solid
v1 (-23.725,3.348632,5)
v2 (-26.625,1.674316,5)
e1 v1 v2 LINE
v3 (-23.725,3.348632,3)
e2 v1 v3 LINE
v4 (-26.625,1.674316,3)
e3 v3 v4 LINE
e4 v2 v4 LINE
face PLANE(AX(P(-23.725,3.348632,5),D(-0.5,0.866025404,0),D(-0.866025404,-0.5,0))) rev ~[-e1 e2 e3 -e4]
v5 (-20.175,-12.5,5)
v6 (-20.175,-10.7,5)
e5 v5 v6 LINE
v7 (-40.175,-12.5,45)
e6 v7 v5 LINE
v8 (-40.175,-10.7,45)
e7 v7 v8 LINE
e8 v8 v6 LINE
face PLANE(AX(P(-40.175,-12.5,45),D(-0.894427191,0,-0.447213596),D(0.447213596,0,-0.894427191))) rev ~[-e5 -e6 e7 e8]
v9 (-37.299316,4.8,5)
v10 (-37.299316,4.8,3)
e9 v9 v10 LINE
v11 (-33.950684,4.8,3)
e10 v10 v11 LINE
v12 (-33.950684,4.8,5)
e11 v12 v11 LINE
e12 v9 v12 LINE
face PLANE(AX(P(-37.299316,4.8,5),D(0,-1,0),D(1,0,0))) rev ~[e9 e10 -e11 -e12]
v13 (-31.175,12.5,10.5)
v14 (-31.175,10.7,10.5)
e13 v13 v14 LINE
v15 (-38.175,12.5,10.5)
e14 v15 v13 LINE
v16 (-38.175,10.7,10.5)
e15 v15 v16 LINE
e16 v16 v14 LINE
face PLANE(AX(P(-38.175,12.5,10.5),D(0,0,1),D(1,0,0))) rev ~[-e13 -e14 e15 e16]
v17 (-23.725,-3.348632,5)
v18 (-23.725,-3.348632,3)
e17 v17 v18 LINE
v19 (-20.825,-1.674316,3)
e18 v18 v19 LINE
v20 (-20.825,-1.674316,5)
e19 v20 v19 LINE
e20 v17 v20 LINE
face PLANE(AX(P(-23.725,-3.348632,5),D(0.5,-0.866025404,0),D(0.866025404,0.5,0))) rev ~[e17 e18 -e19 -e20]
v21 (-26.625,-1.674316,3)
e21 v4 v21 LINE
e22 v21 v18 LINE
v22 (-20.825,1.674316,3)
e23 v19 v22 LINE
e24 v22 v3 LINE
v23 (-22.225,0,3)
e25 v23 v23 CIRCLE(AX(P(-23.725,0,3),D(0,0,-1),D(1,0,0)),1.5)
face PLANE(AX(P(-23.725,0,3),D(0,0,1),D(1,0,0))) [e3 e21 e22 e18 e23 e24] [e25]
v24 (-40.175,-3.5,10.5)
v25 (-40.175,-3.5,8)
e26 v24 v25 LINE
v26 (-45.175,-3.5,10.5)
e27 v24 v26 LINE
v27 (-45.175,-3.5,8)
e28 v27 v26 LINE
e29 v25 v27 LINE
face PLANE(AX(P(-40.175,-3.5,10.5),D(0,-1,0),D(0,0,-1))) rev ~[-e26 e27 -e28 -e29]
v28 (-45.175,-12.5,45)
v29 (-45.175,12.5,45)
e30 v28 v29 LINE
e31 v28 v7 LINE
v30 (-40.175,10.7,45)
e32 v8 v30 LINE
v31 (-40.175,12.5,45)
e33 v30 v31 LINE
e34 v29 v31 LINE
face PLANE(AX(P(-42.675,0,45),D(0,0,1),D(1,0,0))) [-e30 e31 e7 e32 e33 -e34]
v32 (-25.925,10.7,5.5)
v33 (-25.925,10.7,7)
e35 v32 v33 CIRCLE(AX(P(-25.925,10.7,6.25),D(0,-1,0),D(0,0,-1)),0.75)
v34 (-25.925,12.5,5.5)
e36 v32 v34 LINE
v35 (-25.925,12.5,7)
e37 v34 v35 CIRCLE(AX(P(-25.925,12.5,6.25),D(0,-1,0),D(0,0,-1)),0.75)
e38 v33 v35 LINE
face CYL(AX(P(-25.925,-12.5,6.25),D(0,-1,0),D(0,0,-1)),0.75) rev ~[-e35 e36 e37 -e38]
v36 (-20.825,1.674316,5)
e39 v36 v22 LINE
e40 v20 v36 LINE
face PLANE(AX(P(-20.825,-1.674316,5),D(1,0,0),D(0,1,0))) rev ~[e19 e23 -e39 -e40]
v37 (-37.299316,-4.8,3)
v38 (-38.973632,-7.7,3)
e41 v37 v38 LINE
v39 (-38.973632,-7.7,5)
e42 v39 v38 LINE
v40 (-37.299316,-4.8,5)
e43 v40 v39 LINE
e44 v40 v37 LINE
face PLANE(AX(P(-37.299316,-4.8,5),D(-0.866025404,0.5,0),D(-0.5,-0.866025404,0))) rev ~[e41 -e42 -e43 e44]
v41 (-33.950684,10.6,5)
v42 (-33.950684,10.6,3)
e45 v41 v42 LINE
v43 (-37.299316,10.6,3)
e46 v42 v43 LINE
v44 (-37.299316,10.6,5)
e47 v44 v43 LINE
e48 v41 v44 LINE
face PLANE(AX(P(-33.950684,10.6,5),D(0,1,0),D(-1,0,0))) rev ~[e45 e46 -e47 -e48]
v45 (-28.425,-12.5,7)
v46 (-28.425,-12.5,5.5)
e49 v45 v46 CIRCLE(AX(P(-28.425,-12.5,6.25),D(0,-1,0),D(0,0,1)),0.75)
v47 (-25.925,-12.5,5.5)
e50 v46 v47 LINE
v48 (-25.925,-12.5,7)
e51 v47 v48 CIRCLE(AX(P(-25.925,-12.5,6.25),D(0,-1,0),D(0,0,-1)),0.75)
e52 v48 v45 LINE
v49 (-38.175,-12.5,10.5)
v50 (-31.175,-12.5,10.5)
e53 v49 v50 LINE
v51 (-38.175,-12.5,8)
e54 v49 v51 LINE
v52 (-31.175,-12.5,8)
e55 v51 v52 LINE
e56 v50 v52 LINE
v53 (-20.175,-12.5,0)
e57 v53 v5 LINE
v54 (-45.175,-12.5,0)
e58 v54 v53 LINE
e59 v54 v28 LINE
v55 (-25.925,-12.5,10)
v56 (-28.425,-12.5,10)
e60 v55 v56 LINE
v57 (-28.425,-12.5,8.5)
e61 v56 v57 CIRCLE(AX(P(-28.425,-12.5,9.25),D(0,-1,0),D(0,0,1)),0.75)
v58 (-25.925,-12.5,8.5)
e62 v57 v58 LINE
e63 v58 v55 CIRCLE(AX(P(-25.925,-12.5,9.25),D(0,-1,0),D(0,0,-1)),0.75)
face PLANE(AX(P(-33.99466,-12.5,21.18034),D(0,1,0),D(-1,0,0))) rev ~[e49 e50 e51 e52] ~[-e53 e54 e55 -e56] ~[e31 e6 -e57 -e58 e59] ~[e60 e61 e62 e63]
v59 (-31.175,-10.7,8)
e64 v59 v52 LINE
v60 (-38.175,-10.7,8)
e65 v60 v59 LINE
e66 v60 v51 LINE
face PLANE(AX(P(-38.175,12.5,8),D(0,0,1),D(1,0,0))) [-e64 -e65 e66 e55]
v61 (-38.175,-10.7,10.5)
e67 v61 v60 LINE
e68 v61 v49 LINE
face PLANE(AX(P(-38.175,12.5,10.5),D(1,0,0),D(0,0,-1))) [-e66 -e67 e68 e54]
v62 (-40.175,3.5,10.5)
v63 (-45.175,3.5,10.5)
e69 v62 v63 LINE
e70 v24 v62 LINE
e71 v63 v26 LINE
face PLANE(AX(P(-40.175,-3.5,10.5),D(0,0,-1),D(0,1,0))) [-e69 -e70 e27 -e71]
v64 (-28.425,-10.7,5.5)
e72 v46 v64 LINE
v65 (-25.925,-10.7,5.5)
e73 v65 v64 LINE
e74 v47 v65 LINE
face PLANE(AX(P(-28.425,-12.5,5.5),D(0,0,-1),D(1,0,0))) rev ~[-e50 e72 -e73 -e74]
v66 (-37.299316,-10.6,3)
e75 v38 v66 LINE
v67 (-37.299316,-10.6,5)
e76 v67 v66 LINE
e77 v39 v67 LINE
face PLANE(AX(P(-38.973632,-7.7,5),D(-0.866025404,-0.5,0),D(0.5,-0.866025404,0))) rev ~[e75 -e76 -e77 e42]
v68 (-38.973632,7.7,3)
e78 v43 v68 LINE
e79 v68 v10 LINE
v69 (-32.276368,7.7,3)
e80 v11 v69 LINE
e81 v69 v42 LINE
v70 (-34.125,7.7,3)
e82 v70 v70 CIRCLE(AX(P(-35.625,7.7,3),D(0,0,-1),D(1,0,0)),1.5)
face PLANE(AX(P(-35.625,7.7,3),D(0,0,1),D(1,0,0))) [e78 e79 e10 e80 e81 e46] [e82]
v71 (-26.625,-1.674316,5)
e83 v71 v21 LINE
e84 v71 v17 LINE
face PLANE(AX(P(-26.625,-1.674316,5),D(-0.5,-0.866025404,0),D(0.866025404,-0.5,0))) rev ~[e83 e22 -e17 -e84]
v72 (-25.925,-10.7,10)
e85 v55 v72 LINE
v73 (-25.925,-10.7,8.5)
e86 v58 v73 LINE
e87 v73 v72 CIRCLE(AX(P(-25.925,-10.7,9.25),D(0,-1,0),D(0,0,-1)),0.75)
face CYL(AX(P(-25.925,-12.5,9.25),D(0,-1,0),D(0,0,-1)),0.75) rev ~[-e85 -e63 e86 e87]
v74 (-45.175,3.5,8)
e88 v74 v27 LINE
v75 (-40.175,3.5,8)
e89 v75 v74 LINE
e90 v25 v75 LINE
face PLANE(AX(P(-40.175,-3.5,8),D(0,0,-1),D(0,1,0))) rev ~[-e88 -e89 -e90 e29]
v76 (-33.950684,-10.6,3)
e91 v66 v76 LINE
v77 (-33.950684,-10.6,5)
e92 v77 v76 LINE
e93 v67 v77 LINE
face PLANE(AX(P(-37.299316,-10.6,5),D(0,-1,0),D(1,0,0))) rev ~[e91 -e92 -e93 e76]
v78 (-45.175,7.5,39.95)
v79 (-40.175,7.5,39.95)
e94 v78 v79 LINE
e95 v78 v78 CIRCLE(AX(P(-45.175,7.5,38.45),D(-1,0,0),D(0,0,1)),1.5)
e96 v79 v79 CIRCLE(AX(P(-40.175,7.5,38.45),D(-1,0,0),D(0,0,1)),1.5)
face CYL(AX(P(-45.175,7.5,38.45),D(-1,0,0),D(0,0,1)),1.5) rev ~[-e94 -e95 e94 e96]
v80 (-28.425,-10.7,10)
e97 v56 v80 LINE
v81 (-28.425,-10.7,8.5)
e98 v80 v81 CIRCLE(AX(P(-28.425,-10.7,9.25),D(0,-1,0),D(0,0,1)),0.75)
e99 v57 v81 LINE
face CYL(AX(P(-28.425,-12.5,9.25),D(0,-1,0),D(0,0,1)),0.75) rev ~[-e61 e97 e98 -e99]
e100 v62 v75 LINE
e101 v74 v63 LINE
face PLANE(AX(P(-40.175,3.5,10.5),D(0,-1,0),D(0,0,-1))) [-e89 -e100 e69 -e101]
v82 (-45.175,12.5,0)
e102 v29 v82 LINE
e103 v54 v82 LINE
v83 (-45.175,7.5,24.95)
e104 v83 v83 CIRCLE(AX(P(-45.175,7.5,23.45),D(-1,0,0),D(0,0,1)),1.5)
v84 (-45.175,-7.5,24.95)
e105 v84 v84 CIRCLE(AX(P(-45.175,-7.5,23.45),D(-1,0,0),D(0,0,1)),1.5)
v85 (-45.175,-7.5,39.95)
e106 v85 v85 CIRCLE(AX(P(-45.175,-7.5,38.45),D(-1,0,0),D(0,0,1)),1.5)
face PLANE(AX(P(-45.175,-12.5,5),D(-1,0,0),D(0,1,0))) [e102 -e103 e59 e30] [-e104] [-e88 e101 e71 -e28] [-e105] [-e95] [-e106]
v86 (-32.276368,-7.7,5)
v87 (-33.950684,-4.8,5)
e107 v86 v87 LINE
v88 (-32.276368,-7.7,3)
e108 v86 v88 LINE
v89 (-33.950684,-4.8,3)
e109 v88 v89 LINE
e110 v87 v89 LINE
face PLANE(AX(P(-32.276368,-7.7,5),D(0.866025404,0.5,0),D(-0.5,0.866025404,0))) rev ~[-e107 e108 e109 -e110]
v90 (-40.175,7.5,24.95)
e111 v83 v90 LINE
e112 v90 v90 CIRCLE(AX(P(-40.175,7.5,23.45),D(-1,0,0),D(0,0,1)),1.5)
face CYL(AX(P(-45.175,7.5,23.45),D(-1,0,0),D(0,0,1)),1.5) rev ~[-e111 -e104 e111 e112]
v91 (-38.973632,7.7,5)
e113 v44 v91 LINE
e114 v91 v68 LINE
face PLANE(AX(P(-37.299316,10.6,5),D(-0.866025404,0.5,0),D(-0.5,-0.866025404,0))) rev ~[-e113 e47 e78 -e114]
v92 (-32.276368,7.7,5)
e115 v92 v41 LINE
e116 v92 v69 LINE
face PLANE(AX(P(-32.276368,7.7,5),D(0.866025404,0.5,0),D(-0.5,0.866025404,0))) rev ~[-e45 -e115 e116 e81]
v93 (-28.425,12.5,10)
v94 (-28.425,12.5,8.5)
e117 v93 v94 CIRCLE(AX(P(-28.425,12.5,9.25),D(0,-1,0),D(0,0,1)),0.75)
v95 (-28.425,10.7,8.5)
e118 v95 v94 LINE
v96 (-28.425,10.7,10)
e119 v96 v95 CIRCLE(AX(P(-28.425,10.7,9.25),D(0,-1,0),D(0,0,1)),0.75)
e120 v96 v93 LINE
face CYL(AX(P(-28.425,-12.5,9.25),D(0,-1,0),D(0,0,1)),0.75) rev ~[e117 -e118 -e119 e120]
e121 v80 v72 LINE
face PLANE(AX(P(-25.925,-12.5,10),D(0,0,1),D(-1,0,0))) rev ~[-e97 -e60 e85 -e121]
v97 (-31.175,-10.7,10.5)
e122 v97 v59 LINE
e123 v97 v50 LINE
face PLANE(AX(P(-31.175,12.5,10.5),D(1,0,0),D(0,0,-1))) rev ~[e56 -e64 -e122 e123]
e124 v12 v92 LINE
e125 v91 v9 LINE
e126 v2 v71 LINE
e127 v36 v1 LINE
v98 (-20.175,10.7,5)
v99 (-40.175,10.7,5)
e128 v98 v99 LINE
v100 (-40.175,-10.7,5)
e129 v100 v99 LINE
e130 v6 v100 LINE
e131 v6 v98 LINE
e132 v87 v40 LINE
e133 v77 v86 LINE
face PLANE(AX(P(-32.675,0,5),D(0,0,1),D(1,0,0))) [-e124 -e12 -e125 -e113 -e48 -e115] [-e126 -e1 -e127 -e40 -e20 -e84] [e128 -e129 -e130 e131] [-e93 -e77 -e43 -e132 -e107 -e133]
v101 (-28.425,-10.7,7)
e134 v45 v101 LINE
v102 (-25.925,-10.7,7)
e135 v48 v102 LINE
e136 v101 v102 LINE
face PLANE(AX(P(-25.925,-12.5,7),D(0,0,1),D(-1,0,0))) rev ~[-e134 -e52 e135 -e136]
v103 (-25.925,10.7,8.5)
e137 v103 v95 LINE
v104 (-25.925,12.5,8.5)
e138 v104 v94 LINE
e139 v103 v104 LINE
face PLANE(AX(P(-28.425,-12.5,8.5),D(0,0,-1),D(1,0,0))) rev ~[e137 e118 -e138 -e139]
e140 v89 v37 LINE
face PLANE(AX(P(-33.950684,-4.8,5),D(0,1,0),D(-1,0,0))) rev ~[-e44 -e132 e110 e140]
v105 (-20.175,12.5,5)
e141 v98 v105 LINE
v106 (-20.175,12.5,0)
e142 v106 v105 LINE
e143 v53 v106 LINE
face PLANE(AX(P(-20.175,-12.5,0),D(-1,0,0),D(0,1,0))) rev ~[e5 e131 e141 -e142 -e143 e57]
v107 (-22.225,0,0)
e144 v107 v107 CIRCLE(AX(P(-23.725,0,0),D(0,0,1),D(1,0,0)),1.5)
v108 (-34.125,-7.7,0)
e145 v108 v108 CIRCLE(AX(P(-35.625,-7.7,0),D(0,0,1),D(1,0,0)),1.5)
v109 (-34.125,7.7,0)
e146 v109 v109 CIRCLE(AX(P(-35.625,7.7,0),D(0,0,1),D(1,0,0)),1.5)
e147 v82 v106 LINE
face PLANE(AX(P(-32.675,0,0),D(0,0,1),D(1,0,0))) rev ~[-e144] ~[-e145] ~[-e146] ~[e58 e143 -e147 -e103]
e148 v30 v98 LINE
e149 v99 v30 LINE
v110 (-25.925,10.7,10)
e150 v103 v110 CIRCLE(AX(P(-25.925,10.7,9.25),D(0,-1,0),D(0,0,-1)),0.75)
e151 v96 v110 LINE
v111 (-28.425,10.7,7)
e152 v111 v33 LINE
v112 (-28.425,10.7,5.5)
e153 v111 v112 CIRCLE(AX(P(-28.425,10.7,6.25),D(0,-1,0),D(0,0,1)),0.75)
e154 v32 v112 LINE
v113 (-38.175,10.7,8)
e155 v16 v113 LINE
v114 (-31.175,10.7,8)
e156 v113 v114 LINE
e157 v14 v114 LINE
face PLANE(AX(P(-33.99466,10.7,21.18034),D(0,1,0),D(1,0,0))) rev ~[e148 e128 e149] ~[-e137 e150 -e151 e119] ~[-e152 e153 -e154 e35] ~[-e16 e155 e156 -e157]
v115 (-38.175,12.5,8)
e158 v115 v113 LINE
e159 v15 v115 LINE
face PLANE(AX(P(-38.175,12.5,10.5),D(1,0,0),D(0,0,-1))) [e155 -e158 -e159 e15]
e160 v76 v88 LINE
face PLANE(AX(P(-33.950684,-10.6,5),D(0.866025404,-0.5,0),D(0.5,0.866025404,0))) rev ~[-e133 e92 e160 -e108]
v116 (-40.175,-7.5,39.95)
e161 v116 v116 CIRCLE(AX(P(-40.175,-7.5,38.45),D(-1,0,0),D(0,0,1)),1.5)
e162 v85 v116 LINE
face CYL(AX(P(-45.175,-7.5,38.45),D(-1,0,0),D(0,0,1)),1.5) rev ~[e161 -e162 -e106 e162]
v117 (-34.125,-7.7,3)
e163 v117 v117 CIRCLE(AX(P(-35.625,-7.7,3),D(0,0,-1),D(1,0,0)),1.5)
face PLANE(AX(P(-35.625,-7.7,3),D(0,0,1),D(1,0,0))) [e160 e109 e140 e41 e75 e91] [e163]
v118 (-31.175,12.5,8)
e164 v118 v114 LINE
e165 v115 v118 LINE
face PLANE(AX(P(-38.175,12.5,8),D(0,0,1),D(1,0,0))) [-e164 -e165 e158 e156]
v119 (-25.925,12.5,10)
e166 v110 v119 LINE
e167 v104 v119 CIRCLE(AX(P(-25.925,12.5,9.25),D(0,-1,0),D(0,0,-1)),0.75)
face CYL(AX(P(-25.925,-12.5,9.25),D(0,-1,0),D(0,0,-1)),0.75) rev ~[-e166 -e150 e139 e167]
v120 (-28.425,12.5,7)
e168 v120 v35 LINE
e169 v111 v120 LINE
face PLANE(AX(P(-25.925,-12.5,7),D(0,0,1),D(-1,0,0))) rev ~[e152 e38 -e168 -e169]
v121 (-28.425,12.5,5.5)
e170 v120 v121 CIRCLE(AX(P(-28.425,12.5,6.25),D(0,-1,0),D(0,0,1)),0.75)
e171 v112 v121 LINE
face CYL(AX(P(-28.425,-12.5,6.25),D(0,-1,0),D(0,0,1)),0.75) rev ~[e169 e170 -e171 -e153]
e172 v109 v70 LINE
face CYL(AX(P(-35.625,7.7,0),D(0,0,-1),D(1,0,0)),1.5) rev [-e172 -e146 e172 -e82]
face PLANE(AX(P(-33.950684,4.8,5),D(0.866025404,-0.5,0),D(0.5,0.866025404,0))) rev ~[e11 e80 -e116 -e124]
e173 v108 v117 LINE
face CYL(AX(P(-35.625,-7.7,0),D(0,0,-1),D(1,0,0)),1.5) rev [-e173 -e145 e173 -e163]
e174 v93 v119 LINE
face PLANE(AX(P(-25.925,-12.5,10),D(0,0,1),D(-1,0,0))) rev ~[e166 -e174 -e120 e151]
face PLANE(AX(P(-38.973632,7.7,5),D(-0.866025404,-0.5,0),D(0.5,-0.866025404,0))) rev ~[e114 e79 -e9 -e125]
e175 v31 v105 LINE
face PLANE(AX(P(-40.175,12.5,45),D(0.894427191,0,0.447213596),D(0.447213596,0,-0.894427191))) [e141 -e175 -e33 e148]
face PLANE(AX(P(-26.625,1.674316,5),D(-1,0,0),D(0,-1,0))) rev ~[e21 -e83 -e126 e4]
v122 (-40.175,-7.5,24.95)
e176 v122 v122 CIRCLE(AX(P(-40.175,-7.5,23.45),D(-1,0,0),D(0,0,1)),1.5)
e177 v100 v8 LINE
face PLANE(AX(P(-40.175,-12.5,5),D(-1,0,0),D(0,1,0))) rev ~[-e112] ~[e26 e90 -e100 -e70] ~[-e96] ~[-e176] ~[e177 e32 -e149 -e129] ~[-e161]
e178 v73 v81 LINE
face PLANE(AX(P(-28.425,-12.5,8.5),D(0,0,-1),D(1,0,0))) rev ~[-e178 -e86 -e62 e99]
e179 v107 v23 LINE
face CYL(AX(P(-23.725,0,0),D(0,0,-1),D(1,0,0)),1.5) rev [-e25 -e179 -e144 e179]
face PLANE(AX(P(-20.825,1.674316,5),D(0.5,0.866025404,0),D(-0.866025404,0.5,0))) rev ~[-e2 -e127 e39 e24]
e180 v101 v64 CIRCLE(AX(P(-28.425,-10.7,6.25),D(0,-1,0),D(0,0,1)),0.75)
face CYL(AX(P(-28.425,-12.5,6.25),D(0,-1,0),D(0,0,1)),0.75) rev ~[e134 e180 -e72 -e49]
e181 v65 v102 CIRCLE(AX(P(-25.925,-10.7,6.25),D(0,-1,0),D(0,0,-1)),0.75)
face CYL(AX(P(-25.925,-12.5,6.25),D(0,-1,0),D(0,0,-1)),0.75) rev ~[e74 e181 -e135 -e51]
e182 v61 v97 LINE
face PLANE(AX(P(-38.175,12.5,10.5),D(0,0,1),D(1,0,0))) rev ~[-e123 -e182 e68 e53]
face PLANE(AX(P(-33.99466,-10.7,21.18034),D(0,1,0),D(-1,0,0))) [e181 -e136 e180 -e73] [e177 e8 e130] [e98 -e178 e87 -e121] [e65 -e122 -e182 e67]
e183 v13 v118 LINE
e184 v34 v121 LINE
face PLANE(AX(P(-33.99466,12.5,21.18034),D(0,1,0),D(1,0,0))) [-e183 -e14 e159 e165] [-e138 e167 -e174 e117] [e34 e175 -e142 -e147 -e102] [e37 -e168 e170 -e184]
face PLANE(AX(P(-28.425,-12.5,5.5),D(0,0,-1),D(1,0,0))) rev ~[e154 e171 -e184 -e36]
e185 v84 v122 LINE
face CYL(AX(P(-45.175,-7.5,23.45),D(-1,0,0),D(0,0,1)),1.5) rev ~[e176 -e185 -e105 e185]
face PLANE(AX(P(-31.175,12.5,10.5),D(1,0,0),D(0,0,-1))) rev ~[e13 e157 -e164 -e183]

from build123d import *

# Parameters (mm, degrees)
SKETCH1_W           = 25
SKETCH1_H           = 25
SKETCH1_R           = 1.5
BOSS_EXTRUDE1_DEPTH = 5
SKETCH2_W           = 5
SKETCH2_H           = 25
BOSS_EXTRUDE2_DEPTH = 40
CUT_EXTRUDE1_DEPTH  = 2
BOSS_EXTRUDE3_DEPTH = 1.8
BOSS_EXTRUDE4_DEPTH = 1.8
SKETCH6_W           = 7
SKETCH6_H           = 2.5
CUT_EXTRUDE2_DEPTH  = 26
SKETCH7_W           = 2.5
SKETCH7_H           = 7
CUT_EXTRUDE3_DEPTH  = 6
CUT_EXTRUDE4_DEPTH  = 26
SKETCH9_R           = 1.5
CUT_EXTRUDE5_DEPTH  = 26


with BuildPart() as part:
    # Sketch1 → Boss-Extrude1 (new body)
    with BuildSketch(Plane.XY):
        with Locations((-32.675, 0)):
            Rectangle(SKETCH1_W, SKETCH1_H)
        with Locations((-35.625, 7.7)):
            Circle(SKETCH1_R, mode=Mode.SUBTRACT)
        with Locations((-35.625, -7.7)):
            Circle(SKETCH1_R, mode=Mode.SUBTRACT)
        with Locations((-23.725, 0)):
            Circle(SKETCH1_R, mode=Mode.SUBTRACT)
    extrude(amount=BOSS_EXTRUDE1_DEPTH)

    # Sketch2 → Boss-Extrude2 (add)
    with BuildSketch(Plane.XY.offset(5)):
        with Locations((-42.675, 0)):
            Rectangle(SKETCH2_W, SKETCH2_H)
    extrude(amount=BOSS_EXTRUDE2_DEPTH)

    # Sketch3 → Cut-Extrude1 (cut)
    with BuildSketch(Plane.XY.offset(5)):
        Polygon((-37.299315781, 4.8), (-33.950684219, 4.8), (-32.276368439, 7.7), (-33.950684219, 10.6), (-37.299315781, 10.6), (-38.973631561, 7.7), align=None)
        Polygon((-33.950684219, -4.8), (-37.299315781, -4.8), (-38.973631561, -7.7), (-37.299315781, -10.6), (-33.950684219, -10.6), (-32.276368439, -7.7), align=None)
        Polygon((-23.725, -3.348631561), (-20.825, -1.674315781), (-20.825, 1.674315781), (-23.725, 3.348631561), (-26.625, 1.674315781), (-26.625, -1.674315781), align=None)
    extrude(amount=-CUT_EXTRUDE1_DEPTH, mode=Mode.SUBTRACT)

    # Sketch4 → Boss-Extrude3 (add)
    with BuildSketch(Plane.XZ.offset(12.5)):
        Polygon((-40.175, 45), (-20.175, 5), (-40.175, 5), align=None)
    extrude(amount=-BOSS_EXTRUDE3_DEPTH)

    # Sketch5 → Boss-Extrude4 (add)
    with BuildSketch(Plane(origin=(0, 12.5, 0), x_dir=(1, 0, 0), z_dir=(0, 1, 0))):
        Polygon((-40.175, -45), (-20.175, -5), (-40.175, -5), align=None)
    extrude(amount=-BOSS_EXTRUDE4_DEPTH)

    # Sketch6 → Cut-Extrude2 (cut, through all)
    with BuildSketch(Plane(origin=(0, 12.5, 0), x_dir=(1, 0, 0), z_dir=(0, 1, 0))):
        with Locations((-34.675, -9.25)):
            Rectangle(SKETCH6_W, SKETCH6_H)
    extrude(amount=-CUT_EXTRUDE2_DEPTH, mode=Mode.SUBTRACT)

    # Sketch7 → Cut-Extrude3 (cut, through all)
    with BuildSketch(Plane(origin=(-40.175, 0, 0), x_dir=(0, 0, -1), z_dir=(1, 0, 0))):
        with Locations((-9.25, 0)):
            Rectangle(SKETCH7_W, SKETCH7_H)
    extrude(amount=-CUT_EXTRUDE3_DEPTH, mode=Mode.SUBTRACT)

    # Sketch8 → Cut-Extrude4 (cut, through all)
    with BuildSketch(Plane.XZ.offset(12.5)):
        with BuildLine():
            Line((-25.925, 10), (-28.425, 10))
            ThreePointArc((-28.425, 10), (-29.175, 9.25), (-28.425, 8.5))
            Line((-28.425, 8.5), (-25.925, 8.5))
            ThreePointArc((-25.925, 8.5), (-25.175, 9.25), (-25.925, 10))
        make_face()
        with BuildLine():
            Line((-28.425, 5.5), (-25.925, 5.5))
            ThreePointArc((-25.925, 5.5), (-25.175, 6.25), (-25.925, 7))
            Line((-25.925, 7), (-28.425, 7))
            ThreePointArc((-28.425, 7), (-29.175, 6.25), (-28.425, 5.5))
        make_face()
    extrude(amount=-CUT_EXTRUDE4_DEPTH, mode=Mode.SUBTRACT)

    # Sketch9 → Cut-Extrude5 (cut, through all)
    with BuildSketch(Plane.ZY.offset(45.175)):
        with Locations((23.45, 7.5)):
            Circle(SKETCH9_R)
        with Locations((23.45, -7.5)):
            Circle(SKETCH9_R)
        with Locations((38.45, 7.5)):
            Circle(SKETCH9_R)
        with Locations((38.45, -7.5)):
            Circle(SKETCH9_R)
    extrude(amount=-CUT_EXTRUDE5_DEPTH, mode=Mode.SUBTRACT)


solid = part.part
